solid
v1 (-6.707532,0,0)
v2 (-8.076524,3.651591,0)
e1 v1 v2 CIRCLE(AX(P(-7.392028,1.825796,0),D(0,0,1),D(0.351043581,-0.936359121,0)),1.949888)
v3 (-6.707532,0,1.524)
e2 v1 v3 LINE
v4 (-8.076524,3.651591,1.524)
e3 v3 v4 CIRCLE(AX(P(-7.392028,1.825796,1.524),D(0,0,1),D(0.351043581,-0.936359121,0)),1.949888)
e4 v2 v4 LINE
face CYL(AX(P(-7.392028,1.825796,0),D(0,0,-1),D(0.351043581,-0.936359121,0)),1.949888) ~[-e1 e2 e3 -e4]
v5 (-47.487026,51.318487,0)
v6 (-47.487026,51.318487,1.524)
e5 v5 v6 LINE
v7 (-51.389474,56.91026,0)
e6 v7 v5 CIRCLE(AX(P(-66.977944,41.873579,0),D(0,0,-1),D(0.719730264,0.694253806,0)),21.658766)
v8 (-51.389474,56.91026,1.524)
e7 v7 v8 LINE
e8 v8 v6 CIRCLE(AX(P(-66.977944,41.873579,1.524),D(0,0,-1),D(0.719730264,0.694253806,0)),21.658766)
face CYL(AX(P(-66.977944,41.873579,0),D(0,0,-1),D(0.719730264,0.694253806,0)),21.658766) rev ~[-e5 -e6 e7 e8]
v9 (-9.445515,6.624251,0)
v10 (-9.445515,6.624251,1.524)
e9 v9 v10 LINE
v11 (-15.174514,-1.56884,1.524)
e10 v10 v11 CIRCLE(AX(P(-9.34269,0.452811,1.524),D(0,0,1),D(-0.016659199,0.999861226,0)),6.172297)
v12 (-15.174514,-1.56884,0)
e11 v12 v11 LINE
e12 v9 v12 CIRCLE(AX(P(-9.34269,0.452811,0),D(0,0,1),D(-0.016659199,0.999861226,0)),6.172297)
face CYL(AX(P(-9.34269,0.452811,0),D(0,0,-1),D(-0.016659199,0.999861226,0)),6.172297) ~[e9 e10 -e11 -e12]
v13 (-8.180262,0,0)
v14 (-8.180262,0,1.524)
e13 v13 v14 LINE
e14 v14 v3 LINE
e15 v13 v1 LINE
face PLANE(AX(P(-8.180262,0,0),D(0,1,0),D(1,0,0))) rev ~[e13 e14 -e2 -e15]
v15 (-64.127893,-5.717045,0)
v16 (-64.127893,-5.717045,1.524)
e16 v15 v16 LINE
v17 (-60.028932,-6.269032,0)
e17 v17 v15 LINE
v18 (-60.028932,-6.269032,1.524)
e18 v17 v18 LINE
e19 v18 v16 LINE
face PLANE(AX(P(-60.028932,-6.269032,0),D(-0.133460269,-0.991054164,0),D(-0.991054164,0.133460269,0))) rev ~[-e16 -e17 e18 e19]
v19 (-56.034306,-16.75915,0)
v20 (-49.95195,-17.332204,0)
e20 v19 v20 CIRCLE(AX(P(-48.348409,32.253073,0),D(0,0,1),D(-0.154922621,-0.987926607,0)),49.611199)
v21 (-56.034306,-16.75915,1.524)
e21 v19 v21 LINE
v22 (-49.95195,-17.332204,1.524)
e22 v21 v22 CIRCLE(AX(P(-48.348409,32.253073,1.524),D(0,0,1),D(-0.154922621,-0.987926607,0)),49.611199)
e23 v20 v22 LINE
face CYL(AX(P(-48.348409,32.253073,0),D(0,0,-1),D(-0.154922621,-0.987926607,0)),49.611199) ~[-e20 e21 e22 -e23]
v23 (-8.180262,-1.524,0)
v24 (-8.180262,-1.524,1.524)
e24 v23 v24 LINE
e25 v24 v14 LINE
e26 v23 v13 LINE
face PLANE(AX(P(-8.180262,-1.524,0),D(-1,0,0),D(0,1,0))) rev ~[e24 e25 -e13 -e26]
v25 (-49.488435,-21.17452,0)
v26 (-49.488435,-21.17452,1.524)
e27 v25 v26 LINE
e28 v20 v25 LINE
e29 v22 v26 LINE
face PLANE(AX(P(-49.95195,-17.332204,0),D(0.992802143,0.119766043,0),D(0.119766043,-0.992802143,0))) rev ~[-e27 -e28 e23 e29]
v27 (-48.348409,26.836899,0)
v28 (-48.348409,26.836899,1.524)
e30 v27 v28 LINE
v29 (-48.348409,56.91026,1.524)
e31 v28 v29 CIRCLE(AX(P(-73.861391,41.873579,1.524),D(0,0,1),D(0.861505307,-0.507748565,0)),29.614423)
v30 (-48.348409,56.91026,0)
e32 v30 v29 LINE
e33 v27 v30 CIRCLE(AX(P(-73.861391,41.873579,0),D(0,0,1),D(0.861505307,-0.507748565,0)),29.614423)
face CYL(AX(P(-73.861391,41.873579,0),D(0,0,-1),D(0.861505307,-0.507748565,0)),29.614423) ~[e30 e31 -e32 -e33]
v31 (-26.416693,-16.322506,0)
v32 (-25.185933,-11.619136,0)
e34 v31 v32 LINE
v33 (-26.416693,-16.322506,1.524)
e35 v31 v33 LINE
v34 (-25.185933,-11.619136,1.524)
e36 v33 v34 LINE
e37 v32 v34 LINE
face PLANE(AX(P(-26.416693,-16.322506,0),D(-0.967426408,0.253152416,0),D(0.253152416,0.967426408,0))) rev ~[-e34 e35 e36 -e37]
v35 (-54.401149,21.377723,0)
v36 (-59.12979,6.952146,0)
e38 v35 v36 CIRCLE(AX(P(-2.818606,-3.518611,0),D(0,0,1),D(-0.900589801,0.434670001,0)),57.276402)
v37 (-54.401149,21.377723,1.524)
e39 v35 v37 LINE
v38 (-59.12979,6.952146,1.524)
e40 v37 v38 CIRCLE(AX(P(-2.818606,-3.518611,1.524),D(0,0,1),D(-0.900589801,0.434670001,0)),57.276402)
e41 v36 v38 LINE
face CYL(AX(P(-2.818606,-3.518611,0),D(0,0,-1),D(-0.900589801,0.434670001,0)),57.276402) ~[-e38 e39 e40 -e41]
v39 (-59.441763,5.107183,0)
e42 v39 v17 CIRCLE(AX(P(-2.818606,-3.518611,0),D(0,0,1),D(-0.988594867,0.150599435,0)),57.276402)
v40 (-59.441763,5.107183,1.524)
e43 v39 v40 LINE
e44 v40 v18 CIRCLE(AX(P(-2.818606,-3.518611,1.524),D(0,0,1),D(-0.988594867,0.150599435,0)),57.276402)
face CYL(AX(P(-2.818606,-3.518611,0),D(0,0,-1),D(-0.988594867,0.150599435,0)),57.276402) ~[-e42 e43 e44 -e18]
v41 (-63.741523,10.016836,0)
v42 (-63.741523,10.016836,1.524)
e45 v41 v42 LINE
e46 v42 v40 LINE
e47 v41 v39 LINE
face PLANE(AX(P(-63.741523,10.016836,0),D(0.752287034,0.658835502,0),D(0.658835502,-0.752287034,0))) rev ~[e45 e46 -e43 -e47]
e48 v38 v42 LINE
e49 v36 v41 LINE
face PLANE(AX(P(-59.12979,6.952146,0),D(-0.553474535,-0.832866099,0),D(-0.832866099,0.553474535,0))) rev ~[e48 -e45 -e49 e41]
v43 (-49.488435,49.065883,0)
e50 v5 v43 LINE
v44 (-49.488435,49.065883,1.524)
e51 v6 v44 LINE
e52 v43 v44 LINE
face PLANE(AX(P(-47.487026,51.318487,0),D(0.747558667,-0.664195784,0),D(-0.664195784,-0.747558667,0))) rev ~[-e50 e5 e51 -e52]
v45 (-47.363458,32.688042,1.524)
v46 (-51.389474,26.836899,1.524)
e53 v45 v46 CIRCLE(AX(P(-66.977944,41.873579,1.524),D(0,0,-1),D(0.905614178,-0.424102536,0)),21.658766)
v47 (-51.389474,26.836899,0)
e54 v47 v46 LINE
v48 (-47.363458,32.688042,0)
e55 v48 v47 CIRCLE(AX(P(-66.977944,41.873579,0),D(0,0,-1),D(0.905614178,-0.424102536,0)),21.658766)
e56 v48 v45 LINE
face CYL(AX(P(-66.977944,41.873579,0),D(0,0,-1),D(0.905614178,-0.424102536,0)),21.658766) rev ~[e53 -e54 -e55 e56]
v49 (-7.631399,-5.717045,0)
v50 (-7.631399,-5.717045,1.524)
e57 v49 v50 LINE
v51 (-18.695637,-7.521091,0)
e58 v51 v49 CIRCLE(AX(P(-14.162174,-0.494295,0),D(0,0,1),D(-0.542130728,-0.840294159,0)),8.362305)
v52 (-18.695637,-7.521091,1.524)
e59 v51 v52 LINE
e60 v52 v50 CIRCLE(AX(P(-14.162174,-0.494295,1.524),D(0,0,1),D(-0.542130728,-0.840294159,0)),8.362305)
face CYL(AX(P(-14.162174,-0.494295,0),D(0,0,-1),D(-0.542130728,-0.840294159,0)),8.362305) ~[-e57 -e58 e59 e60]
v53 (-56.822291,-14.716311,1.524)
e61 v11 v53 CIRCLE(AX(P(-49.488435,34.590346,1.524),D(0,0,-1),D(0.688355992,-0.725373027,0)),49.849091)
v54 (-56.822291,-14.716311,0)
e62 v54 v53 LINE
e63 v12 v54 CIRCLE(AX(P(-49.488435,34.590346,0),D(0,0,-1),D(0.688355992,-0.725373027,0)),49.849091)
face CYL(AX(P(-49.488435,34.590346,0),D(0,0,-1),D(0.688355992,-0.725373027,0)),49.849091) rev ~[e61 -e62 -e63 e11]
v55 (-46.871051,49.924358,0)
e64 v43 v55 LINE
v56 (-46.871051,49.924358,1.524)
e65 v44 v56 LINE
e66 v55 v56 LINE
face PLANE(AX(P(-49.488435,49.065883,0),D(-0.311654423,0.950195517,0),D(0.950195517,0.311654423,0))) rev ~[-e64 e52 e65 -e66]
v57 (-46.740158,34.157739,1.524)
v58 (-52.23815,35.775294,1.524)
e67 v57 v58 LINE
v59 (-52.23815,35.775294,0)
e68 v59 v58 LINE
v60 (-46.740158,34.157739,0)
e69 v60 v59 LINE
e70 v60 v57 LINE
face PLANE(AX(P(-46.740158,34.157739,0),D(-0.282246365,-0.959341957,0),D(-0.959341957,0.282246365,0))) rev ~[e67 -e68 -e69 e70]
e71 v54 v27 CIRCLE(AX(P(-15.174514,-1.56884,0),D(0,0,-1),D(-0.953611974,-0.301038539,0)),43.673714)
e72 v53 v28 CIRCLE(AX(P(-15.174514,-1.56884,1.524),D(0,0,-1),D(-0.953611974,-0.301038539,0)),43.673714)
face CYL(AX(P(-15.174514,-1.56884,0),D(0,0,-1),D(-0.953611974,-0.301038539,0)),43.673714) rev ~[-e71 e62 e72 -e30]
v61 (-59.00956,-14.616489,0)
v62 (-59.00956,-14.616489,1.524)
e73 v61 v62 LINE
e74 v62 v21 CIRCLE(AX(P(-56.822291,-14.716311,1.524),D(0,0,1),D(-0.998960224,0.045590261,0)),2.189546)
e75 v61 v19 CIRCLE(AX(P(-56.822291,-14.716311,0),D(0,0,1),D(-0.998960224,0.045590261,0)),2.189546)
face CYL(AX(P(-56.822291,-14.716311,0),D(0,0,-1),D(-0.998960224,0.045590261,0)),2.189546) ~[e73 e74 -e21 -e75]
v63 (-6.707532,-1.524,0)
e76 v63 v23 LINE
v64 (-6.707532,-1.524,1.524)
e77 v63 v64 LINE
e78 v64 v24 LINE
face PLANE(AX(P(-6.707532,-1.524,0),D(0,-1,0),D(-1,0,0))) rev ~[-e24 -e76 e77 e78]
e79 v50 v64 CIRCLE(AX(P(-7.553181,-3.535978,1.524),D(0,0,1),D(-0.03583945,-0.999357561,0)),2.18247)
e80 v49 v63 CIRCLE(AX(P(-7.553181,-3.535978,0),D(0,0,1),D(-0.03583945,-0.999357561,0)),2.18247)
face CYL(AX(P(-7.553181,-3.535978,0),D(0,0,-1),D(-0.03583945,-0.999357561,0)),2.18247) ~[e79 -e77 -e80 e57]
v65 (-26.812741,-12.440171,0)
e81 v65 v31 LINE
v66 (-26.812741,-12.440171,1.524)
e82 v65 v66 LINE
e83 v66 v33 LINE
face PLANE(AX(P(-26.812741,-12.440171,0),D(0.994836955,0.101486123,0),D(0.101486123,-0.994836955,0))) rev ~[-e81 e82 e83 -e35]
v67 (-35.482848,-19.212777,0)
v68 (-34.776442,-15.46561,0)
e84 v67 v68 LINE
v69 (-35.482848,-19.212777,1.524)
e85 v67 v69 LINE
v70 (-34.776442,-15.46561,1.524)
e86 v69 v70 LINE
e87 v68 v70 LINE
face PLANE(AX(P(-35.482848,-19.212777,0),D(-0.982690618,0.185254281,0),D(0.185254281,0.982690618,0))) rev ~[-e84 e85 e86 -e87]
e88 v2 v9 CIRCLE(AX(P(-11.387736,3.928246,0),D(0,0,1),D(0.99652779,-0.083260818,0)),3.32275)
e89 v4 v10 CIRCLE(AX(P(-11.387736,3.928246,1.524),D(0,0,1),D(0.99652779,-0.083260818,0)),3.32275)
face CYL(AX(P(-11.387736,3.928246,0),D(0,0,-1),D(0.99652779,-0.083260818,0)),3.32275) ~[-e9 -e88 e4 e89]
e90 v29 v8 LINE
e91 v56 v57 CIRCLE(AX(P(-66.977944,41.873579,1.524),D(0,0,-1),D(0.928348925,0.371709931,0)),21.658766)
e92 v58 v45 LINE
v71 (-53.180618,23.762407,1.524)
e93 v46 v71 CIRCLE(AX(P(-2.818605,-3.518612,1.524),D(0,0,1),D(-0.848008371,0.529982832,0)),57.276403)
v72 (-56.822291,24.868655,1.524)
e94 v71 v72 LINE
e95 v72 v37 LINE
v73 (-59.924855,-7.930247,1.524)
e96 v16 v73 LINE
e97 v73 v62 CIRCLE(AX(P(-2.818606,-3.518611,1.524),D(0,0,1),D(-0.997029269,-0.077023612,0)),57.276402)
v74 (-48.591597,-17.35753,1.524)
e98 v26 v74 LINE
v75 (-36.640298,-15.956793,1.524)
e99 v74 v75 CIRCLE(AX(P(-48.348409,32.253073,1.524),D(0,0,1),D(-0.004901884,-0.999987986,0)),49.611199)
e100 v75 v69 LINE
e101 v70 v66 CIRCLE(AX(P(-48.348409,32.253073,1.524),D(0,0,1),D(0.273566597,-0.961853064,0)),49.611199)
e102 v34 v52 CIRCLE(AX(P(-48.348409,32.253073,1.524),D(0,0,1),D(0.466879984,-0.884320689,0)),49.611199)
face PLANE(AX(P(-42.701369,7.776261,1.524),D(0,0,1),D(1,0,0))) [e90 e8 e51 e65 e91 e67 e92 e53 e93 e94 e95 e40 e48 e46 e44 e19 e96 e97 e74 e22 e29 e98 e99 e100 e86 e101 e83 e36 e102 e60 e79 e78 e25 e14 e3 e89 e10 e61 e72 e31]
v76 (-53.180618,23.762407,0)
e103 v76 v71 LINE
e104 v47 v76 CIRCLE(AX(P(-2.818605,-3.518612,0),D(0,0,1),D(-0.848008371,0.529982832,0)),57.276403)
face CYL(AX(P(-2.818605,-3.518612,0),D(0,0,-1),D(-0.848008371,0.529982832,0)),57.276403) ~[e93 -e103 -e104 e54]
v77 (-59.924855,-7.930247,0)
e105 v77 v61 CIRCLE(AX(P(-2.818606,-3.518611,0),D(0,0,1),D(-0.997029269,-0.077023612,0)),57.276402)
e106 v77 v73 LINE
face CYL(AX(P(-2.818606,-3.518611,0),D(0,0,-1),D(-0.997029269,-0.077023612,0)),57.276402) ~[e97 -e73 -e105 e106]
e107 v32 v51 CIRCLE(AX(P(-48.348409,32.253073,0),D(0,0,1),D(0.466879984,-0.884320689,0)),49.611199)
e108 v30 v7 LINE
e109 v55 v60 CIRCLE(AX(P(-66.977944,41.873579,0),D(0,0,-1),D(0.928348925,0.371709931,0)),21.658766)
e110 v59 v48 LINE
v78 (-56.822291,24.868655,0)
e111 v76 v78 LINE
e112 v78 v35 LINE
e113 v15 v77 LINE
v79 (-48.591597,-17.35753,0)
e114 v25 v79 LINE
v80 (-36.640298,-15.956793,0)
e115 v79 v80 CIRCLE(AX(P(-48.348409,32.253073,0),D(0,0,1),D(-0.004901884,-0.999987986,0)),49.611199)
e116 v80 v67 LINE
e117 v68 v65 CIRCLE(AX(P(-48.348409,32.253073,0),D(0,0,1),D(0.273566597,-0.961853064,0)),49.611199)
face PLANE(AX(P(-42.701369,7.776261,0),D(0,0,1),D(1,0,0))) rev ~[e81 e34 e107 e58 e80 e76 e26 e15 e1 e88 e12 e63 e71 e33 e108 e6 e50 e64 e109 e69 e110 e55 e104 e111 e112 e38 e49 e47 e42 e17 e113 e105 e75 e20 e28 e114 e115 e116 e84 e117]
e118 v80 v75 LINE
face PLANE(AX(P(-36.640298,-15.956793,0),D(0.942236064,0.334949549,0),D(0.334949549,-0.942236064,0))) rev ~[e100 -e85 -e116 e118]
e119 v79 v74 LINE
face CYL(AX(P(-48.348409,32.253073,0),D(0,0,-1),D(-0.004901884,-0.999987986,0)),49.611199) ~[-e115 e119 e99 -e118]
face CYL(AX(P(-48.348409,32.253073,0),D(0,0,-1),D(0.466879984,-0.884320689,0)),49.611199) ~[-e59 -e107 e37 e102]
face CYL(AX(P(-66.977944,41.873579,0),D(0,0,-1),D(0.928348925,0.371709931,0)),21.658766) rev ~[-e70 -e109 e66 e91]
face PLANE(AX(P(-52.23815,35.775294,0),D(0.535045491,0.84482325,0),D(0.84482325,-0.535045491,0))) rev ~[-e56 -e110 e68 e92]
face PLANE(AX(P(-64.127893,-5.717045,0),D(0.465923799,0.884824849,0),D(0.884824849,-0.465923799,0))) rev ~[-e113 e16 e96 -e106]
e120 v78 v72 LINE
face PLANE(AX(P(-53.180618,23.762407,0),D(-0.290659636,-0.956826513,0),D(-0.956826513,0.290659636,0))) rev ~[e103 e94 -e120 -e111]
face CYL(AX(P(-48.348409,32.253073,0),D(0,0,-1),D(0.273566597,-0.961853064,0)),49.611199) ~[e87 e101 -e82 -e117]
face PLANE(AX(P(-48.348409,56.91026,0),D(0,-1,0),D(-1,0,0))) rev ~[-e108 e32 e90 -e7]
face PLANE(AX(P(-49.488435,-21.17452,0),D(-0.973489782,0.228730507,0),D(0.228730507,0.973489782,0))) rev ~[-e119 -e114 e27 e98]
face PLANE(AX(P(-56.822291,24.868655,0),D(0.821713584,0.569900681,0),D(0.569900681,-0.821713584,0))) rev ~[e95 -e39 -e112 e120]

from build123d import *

# Parameters (mm, degrees)
BOSS_EXTRUDE1_DEPTH = 1.524


with BuildPart() as part:
    # Sketch1 → Boss-Extrude1 (new body)
    with BuildSketch(Plane.XY):
        with BuildLine():
            Line((-6.707532294, -1.524), (-8.180261599, -1.524))
            Line((-8.180261599, -1.524), (-8.180261599, 0))
            Line((-8.180261599, 0), (-6.707532294, 0))
            ThreePointArc((-6.707532294, 0), (-5.566232372, 2.510291461), (-8.076523834, 3.651591383))
            ThreePointArc((-8.076523834, 3.651591383), (-8.369654544, 5.318155721), (-9.445515373, 6.624251346))
            ThreePointArc((-9.445515373, 6.624251346), (-14.401020029, 3.989835798), (-15.174514112, -1.568840176))
            ThreePointArc((-15.174514112, -1.568840176), (-34.4819371, -12.946344269), (-56.822290696, -14.716311235))
            ThreePointArc((-56.822290696, -14.716311235), (-57.967480091, 7.157863233), (-48.348408829, 26.836898663))
            ThreePointArc((-48.348408829, 26.836898663), (-44.246968405, 41.873579483), (-48.348408829, 56.910260303))
            Line((-48.348408829, 56.910260303), (-51.389474112, 56.910260303))
            ThreePointArc((-51.389474112, 56.910260303), (-49.216811045, 54.268914149), (-47.487026065, 51.318487362))
            Line((-47.487026065, 51.318487362), (-49.488434682, 49.065882941))
            Line((-49.488434682, 49.065882941), (-46.871051317, 49.924357948))
            ThreePointArc((-46.871051317, 49.924357948), (-45.319923788, 42.05338237), (-46.740158296, 34.157738817))
            Line((-46.740158296, 34.157738817), (-52.238150108, 35.775293633))
            Line((-52.238150108, 35.775293633), (-47.363457894, 32.688041845))
            ThreePointArc((-47.363457894, 32.688041845), (-49.134990292, 29.596317231), (-51.389474112, 26.836898663))
            ThreePointArc((-51.389474112, 26.836898663), (-52.30892636, 25.313565237), (-53.180617863, 23.762407254))
            Line((-53.180617863, 23.762407254), (-56.822290696, 24.868655134))
            Line((-56.822290696, 24.868655134), (-54.401149248, 21.377722623))
            ThreePointArc((-54.401149248, 21.377722623), (-57.245514929, 14.322290898), (-59.129790068, 6.952145706))
            Line((-59.129790068, 6.952145706), (-63.741523441, 10.016836401))
            Line((-63.741523441, 10.016836401), (-59.441762763, 5.107182625))
            ThreePointArc((-59.441762763, 5.107182625), (-60.018868287, -0.566291047), (-60.028931863, -6.26903188))
            Line((-60.028931863, -6.26903188), (-64.127892645, -5.71704549))
            Line((-64.127892645, -5.71704549), (-59.924854983, -7.930246527))
            ThreePointArc((-59.924854983, -7.930246527), (-59.56576898, -11.286860212), (-59.00955991, -14.616489269))
            ThreePointArc((-59.00955991, -14.616489269), (-58.101840622, -16.493067556), (-56.034305753, -16.759150133))
            ThreePointArc((-56.034305753, -16.759150133), (-53.001957218, -17.139391155), (-49.951949985, -17.332203884))
            Line((-49.951949985, -17.332203884), (-49.488434682, -21.174519893))
            Line((-49.488434682, -21.174519893), (-48.591597193, -17.35752957))
            ThreePointArc((-48.591597193, -17.35752957), (-42.573321797, -17.020849086), (-36.640297554, -15.956792779))
            Line((-36.640297554, -15.956792779), (-35.482848207, -19.212777207))
            Line((-35.482848207, -19.212777207), (-34.776442064, -15.465610409))
            ThreePointArc((-34.776442064, -15.465610409), (-30.729531902, -14.124143433), (-26.812740931, -12.440170747))
            Line((-26.812740931, -12.440170747), (-26.416692929, -16.322506345))
            Line((-26.416692929, -16.322506345), (-25.185933177, -11.619136315))
            ThreePointArc((-25.185933177, -11.619136315), (-21.861410327, -9.695823756), (-18.695636823, -7.521091244))
            ThreePointArc((-18.695636823, -7.521091244), (-12.816455315, -8.747608772), (-7.631399226, -5.71704549))
            ThreePointArc((-7.631399226, -5.71704549), (-5.42183259, -4.005584271), (-6.707532294, -1.524))
        make_face()
    extrude(amount=BOSS_EXTRUDE1_DEPTH)


solid = part.part
